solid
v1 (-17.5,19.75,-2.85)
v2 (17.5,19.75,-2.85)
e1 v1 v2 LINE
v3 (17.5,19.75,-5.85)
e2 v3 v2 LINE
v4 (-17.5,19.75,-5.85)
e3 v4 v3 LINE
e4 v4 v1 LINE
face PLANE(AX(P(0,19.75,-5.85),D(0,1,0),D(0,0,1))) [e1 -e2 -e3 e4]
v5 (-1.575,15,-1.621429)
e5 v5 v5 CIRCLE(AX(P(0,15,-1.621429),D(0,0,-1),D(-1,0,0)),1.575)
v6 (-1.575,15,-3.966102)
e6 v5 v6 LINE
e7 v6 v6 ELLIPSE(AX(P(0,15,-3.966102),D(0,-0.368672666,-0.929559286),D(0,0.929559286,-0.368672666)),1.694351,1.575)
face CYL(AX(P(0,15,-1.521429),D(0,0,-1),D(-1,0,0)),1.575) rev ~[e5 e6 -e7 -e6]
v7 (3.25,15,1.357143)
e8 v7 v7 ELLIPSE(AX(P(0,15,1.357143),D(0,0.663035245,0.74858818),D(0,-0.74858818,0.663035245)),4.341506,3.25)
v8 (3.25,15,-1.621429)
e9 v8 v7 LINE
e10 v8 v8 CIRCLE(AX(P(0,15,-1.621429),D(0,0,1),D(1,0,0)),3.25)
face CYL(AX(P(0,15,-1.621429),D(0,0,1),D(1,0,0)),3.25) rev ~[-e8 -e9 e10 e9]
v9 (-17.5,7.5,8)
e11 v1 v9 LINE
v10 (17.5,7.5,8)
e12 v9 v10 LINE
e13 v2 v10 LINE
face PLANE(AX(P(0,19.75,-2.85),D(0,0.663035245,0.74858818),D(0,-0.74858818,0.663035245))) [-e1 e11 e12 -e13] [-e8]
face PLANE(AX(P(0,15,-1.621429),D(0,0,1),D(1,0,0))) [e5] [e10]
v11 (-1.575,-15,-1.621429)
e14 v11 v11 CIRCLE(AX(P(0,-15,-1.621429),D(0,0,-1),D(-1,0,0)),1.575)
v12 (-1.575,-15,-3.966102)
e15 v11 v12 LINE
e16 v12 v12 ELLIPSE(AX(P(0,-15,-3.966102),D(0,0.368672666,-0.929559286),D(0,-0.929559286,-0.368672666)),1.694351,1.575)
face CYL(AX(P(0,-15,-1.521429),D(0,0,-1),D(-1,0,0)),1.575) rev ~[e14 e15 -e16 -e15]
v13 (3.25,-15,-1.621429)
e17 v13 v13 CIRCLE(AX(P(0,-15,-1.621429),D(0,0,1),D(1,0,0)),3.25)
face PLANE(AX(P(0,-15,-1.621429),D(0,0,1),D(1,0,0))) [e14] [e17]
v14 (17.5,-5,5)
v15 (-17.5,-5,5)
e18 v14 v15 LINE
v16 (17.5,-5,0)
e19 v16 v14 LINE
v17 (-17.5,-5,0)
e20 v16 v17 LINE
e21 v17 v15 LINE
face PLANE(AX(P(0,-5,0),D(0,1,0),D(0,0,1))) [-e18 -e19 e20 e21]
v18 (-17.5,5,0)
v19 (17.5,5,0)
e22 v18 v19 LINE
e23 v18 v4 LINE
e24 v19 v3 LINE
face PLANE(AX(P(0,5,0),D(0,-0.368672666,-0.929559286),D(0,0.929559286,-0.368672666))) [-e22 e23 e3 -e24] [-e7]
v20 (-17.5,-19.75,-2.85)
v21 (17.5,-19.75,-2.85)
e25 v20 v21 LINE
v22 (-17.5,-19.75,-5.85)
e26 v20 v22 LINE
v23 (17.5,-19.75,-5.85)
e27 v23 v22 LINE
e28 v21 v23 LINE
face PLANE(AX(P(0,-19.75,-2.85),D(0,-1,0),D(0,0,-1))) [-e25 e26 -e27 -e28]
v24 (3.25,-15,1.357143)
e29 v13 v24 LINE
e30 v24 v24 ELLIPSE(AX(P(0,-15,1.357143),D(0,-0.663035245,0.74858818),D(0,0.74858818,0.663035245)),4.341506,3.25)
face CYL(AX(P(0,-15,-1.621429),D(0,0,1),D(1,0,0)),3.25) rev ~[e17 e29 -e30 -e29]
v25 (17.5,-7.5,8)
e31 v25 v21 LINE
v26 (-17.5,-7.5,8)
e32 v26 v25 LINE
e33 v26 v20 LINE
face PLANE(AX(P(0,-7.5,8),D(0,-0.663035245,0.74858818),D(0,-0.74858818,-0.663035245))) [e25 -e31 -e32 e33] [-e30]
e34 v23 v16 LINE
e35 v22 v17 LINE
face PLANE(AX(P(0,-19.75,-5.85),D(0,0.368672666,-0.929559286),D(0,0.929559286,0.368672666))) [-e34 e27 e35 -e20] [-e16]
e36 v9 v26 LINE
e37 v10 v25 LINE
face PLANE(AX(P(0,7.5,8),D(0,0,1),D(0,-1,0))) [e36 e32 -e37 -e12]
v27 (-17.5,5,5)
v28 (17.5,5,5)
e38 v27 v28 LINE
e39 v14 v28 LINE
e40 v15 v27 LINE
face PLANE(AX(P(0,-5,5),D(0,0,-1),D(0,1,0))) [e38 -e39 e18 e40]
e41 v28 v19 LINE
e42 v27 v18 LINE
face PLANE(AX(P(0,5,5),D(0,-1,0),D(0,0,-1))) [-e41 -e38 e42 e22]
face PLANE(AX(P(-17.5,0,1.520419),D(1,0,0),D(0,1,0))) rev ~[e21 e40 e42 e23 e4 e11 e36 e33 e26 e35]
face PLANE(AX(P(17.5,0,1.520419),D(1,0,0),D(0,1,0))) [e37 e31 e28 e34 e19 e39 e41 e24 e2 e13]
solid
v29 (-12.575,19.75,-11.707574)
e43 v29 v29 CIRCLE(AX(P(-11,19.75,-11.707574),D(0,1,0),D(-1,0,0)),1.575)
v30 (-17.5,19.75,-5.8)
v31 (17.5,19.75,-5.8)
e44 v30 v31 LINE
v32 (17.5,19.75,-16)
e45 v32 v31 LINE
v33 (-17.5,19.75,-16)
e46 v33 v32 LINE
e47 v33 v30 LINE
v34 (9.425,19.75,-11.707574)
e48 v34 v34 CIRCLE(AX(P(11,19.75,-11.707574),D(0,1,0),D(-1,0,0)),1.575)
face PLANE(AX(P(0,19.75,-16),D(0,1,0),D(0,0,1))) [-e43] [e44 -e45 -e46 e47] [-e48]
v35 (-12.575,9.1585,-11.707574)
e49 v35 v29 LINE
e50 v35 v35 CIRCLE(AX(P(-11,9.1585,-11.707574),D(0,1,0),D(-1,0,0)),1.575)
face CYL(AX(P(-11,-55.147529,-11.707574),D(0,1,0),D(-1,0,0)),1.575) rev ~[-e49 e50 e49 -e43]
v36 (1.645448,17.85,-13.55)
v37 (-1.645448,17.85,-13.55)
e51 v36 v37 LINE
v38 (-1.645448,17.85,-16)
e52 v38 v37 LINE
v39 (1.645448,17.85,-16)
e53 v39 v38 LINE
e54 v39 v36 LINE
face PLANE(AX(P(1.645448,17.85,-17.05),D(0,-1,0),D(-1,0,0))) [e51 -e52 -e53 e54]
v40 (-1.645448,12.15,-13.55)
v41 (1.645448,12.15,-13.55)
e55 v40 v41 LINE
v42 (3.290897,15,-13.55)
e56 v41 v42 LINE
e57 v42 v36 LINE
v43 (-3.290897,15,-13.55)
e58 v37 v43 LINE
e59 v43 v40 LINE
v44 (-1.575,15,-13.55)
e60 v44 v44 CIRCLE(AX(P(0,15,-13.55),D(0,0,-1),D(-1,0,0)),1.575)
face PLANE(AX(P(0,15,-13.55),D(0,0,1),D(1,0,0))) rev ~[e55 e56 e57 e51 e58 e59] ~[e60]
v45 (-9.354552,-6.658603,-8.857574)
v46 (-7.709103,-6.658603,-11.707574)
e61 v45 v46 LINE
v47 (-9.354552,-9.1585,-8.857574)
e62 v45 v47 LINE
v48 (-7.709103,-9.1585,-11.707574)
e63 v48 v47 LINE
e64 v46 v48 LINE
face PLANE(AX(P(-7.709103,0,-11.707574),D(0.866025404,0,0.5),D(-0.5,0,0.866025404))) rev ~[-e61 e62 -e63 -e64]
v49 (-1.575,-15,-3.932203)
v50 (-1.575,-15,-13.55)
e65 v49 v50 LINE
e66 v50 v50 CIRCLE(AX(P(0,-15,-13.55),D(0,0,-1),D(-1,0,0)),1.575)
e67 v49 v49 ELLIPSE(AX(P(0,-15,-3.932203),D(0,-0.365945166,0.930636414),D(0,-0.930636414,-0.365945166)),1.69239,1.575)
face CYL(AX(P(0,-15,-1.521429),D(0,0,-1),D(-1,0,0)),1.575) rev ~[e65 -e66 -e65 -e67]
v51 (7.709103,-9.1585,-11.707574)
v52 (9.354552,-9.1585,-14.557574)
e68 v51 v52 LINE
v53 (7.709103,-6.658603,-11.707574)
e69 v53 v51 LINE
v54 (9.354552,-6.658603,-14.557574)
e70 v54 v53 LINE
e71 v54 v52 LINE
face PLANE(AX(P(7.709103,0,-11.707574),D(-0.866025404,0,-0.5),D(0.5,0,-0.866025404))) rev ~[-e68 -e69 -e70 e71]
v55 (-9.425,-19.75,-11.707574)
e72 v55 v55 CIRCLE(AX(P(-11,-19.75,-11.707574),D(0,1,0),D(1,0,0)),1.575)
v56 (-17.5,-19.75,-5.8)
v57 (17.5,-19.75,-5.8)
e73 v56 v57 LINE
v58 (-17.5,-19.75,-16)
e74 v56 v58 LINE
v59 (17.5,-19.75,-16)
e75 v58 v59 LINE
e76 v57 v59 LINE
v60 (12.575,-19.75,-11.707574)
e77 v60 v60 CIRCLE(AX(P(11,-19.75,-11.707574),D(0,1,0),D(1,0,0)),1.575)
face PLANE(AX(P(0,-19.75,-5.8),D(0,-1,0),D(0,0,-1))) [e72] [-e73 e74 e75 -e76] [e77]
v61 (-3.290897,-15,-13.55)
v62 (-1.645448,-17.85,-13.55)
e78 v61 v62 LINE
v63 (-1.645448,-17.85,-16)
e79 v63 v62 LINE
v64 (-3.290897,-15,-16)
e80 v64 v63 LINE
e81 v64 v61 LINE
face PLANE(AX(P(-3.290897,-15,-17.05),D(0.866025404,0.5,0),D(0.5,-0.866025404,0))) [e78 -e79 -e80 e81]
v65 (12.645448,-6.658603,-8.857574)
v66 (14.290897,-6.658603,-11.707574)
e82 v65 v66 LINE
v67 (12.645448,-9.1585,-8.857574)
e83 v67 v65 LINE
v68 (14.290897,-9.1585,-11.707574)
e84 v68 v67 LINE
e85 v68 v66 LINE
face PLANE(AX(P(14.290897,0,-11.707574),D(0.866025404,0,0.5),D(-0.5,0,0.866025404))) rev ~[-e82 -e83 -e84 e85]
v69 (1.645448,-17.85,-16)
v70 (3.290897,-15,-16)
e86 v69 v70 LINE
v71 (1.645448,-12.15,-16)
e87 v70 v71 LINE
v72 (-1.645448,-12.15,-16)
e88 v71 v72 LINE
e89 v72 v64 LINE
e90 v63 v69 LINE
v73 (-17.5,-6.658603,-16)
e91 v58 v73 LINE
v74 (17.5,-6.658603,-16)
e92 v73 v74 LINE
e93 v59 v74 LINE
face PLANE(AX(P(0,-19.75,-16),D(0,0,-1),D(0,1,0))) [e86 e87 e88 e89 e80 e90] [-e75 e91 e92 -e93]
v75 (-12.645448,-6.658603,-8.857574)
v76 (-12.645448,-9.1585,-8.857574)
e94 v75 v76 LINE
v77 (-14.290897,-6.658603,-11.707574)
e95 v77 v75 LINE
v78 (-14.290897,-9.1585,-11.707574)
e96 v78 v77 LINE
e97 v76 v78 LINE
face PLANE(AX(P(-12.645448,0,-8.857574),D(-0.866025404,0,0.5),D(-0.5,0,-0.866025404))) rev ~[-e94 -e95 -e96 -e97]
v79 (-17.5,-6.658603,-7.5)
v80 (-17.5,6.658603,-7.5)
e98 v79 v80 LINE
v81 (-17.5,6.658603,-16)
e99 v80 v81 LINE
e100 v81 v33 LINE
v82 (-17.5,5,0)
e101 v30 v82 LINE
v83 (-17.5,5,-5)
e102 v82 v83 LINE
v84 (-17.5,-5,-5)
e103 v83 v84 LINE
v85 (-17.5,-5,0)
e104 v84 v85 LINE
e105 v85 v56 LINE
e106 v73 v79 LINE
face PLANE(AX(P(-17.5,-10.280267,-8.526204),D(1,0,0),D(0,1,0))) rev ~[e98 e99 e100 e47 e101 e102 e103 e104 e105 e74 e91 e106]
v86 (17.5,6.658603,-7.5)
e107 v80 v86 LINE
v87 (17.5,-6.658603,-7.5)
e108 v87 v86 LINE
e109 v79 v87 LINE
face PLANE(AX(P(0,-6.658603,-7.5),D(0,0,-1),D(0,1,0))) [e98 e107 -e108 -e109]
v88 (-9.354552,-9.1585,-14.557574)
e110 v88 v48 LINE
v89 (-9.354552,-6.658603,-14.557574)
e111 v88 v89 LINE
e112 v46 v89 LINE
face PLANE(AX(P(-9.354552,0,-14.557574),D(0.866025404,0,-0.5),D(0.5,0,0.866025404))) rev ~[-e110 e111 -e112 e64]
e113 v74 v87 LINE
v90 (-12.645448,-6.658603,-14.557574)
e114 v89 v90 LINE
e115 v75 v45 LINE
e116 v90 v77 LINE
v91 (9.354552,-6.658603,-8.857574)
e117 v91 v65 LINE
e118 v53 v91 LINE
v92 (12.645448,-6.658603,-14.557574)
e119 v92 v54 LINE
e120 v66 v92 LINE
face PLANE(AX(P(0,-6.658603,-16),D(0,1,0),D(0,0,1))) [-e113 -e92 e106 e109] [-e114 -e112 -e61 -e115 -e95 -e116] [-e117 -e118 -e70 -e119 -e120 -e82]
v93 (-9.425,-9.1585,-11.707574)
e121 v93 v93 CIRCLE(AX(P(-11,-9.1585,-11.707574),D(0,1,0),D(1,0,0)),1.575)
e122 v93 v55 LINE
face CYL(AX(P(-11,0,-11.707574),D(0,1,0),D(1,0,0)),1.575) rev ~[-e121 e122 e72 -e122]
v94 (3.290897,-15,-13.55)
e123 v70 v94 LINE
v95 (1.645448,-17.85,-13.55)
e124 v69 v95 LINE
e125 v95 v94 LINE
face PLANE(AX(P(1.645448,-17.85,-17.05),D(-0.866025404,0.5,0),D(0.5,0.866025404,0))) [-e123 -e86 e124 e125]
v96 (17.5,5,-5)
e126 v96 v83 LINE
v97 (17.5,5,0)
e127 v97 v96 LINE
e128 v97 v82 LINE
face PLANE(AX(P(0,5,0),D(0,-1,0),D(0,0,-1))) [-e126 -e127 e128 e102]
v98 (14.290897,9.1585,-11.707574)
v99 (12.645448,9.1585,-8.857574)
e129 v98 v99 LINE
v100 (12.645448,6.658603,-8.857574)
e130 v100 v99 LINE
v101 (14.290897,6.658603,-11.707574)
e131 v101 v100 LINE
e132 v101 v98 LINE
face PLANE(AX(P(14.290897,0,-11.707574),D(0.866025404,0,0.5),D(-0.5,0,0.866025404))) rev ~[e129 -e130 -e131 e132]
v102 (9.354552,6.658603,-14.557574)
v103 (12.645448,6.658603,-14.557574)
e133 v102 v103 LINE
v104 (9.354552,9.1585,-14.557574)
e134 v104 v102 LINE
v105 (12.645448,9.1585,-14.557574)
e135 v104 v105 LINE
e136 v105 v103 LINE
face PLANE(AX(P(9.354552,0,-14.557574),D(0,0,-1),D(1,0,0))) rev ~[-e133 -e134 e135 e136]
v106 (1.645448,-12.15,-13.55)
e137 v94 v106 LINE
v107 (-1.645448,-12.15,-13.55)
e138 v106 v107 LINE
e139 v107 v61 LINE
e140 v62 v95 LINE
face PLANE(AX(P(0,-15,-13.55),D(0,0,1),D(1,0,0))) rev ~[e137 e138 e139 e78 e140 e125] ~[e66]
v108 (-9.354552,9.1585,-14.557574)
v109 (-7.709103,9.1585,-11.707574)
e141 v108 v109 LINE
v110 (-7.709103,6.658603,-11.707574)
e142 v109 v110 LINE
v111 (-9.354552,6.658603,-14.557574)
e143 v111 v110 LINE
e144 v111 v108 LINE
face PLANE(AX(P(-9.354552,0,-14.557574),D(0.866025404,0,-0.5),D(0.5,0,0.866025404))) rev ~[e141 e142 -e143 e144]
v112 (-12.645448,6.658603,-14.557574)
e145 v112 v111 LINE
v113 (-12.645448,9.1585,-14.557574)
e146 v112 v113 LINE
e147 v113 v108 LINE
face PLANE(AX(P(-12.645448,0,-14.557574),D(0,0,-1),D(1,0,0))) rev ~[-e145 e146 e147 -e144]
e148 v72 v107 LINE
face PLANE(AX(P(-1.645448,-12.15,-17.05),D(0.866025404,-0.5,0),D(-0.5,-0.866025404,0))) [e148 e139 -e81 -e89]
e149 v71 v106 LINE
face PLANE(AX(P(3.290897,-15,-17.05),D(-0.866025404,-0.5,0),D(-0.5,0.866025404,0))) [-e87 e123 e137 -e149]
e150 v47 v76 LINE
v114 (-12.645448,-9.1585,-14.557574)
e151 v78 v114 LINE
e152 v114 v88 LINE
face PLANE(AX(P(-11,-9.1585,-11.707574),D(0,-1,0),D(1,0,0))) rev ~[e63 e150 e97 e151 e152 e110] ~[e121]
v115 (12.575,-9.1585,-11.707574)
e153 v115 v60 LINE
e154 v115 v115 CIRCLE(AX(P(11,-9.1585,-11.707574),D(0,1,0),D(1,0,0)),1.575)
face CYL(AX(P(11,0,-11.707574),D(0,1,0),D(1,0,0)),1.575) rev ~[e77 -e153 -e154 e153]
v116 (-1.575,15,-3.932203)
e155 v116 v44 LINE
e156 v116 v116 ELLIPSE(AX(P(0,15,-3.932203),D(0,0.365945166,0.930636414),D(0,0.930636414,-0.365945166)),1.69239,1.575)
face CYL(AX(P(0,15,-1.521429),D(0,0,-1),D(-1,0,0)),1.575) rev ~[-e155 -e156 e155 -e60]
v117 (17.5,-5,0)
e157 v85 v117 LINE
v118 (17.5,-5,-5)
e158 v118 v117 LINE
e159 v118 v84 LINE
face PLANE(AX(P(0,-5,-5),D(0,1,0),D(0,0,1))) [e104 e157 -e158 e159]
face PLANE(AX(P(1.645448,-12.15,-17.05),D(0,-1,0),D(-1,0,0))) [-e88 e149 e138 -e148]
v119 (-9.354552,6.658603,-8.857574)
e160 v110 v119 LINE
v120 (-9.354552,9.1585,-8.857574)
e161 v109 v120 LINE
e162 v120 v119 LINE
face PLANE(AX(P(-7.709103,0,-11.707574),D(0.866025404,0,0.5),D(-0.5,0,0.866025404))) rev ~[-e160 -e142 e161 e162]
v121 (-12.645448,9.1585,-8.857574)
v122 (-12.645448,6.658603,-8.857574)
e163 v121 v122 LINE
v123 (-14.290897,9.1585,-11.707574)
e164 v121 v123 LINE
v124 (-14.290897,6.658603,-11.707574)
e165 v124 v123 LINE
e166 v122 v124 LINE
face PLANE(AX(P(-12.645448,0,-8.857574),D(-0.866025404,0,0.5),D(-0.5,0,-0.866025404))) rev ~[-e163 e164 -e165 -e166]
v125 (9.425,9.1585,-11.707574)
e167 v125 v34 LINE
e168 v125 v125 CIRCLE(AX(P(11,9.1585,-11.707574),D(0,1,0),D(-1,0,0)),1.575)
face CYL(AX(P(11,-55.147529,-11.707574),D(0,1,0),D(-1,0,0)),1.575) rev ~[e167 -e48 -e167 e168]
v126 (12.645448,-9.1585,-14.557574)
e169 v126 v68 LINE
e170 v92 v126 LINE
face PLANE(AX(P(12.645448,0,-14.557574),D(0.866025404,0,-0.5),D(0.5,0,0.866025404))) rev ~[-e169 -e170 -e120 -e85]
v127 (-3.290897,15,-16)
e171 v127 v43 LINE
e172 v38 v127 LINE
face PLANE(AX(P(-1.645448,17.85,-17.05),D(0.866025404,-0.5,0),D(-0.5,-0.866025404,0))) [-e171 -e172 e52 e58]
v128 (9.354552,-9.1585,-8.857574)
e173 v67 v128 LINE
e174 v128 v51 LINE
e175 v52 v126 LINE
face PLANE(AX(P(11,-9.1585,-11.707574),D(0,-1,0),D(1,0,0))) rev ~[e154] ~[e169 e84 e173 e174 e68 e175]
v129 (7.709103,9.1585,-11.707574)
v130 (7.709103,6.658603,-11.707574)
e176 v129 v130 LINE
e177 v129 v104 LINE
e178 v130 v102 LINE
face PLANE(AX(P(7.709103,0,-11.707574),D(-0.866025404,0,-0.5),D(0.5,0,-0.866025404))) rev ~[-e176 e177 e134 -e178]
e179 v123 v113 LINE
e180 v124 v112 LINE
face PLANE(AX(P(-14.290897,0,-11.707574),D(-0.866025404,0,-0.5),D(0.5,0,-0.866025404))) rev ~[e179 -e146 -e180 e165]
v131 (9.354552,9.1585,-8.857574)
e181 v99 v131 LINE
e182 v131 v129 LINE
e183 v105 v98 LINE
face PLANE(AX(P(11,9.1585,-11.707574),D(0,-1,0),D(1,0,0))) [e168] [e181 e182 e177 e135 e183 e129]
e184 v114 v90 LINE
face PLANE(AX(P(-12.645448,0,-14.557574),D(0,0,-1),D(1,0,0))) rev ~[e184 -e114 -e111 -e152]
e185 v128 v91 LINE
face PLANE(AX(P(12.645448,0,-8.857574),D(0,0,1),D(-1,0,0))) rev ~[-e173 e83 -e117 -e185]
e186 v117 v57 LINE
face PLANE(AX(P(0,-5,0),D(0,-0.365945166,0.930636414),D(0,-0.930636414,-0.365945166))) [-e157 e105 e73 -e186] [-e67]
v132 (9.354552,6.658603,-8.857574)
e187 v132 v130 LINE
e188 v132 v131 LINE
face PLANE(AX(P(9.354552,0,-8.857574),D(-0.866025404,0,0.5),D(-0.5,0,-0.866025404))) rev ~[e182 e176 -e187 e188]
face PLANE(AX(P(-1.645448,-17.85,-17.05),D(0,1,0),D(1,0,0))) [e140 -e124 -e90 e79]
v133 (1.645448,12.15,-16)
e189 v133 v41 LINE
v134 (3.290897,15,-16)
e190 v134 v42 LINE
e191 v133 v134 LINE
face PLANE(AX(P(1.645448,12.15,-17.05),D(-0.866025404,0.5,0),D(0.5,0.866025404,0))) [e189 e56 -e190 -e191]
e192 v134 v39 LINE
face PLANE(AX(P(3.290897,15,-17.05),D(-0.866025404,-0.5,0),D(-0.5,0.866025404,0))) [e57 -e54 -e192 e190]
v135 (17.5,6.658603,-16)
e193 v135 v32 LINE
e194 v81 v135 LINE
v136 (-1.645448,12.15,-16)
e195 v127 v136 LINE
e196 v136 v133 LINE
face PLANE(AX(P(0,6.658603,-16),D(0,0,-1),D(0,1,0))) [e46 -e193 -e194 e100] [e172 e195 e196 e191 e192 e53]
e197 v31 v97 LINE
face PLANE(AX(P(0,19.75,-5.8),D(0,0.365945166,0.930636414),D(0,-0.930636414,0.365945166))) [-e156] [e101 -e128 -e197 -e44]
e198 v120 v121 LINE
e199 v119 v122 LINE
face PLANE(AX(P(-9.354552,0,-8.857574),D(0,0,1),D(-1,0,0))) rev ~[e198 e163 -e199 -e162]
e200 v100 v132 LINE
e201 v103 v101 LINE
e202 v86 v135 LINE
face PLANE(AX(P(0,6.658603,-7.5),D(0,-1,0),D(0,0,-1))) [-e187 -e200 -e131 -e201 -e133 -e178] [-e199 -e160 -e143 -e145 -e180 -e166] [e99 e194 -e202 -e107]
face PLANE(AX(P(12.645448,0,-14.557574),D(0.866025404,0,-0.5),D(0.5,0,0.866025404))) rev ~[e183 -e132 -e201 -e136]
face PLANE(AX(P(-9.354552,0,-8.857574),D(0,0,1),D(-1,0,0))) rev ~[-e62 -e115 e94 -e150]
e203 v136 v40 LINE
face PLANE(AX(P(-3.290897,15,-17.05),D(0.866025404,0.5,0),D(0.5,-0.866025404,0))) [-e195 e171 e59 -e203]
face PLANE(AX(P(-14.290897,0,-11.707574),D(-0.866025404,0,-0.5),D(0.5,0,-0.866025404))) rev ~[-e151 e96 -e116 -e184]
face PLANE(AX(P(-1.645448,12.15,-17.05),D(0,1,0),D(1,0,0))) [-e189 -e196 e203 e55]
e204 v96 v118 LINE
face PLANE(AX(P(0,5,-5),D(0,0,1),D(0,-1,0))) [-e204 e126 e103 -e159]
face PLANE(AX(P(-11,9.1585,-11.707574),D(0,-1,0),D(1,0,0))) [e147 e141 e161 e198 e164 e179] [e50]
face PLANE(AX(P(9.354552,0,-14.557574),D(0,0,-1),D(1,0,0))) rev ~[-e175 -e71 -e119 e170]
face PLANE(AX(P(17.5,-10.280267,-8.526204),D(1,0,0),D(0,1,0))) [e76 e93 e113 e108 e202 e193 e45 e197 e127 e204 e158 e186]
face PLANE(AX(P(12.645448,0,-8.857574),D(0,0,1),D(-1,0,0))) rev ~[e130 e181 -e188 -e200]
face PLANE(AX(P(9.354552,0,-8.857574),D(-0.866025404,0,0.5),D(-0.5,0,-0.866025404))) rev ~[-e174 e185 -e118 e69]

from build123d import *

# Parameters (mm, degrees)
F2_DEPTH          = 17.5
F3_DEPTH          = 17.5
F5_D              = 3.15
F5_DEPTH          = 19.751
F6_D              = 3.15
F7_DEPTH          = 9.1585
F12_D             = 3.15
F12_START         = 16.5214286
F12_CBORE_D       = 6.5
F12_CBORE_DEPTH   = 0.1
F12_2_D           = 3.15
F12_2_START       = 16.5214286
F12_2_CBORE_D     = 6.5
F12_2_CBORE_DEPTH = 0.1
F15_DEPTH         = 3.5


with BuildPart() as f2:
    # F1 (on Right) → F2 (new body, symmetric)
    with BuildSketch(Plane.YZ):
        Polygon((-5, -5), (-5, 0), (-19.75, -5.8), (-19.75, -16), (-6.6586033699, -16), (-6.6586033699, -7.5), (0, -7.5), (0, -5), align=None)
        Polygon((5, -5), (0, -5), (0, -7.5), (6.6586033699, -7.5), (6.6586033699, -16), (19.75, -16), (19.75, -5.8), (5, 0), align=None)
    extrude(amount=F2_DEPTH, both=True)

    # F5 (through all, one way)
    with BuildSketch(Plane(origin=(0, 0, 0), x_dir=(1, 0, 0), z_dir=(0, 1, 0))):
        with Locations((-11, 11.7075736617), (11, 11.7075736617)):
            Circle(F5_D / 2)
    extrude(amount=-F5_DEPTH, mode=Mode.SUBTRACT)

    # F6 (through all)
    with Locations(Plane.XZ):
        with Locations((-11, -11.7075736617), (11, -11.7075736617)):
            Hole(F6_D / 2)


with BuildPart() as f3:
    # F0 (on Right) → F3 (new body, symmetric)
    with BuildSketch(Plane.YZ):
        Polygon((-5, 5), (0, 5), (5, 5), (5, 0), (19.75, -5.85), (19.75, -2.85), (7.5, 8), (0, 8), (-7.5, 8), (-19.75, -2.85), (-19.75, -5.85), (-5, 0), align=None)
    extrude(amount=F3_DEPTH, both=True)

    # F12#2 (through all)
    # its depths count from where the whole tool has entered the part; down to there all is cleared
    with Locations(Plane.XY.offset(15).offset(-F12_2_START)):
        with Locations((0, 15), (0, -15)):
            CounterBoreHole(F12_2_D / 2, F12_2_CBORE_D / 2, F12_2_CBORE_DEPTH)


with BuildPart() as f7:
    # F4 (on Front) → F7 (new body, symmetric)
    with BuildSketch(Plane.XZ):
        Polygon((9.3545517328, -8.8575736617), (7.7091034656, -11.7075736617), (9.3545517328, -14.5575736617), (12.6454482672, -14.5575736617), (14.2908965344, -11.7075736617), (12.6454482672, -8.8575736617), align=None)
    extrude(amount=F7_DEPTH, both=True)


with BuildPart() as f7b:
    # F4 (on Front) → F7, piece 2 (new body, symmetric)
    with BuildSketch(Plane.XZ):
        Polygon((-9.3545517328, -14.5575736617), (-7.7091034656, -11.7075736617), (-9.3545517328, -8.8575736617), (-12.6454482672, -8.8575736617), (-14.2908965344, -11.7075736617), (-12.6454482672, -14.5575736617), align=None)
    extrude(amount=F7_DEPTH, both=True)


with BuildPart() as f2_1:
    add(f2.part)

    # F8: cut F7
    add(f7.part, mode=Mode.SUBTRACT)

    # F9: cut F7b
    add(f7b.part, mode=Mode.SUBTRACT)

    # F12 (through all)
    # its depths count from where the whole tool has entered the part; down to there all is cleared
    with Locations(Plane.XY.offset(15).offset(-F12_START)):
        with Locations((0, 15), (0, -15)):
            CounterBoreHole(F12_D / 2, F12_CBORE_D / 2, F12_CBORE_DEPTH)


with BuildPart() as f15:
    # F14 (on offset) → F15 (new body)
    with BuildSketch(Plane.XY.offset(-17.05)):
        Polygon((3.2908965344, -15), (1.6454482672, -12.15), (-1.6454482672, -12.15), (-3.2908965344, -15), (-1.6454482672, -17.85), (1.6454482672, -17.85), align=None)
    extrude(amount=F15_DEPTH)


with BuildPart() as f15b:
    # F14 (on offset) → F15, piece 2 (new body)
    with BuildSketch(Plane.XY.offset(-17.05)):
        Polygon((3.2908965344, 15), (1.6454482672, 17.85), (-1.6454482672, 17.85), (-3.2908965344, 15), (-1.6454482672, 12.15), (1.6454482672, 12.15), align=None)
    extrude(amount=F15_DEPTH)


with BuildPart() as f2_2:
    add(f2_1.part)

    # F16: cut F15
    add(f15.part, mode=Mode.SUBTRACT)

    # F17: cut F15b
    add(f15b.part, mode=Mode.SUBTRACT)


solid = Compound([f3.part, f2_2.part])
